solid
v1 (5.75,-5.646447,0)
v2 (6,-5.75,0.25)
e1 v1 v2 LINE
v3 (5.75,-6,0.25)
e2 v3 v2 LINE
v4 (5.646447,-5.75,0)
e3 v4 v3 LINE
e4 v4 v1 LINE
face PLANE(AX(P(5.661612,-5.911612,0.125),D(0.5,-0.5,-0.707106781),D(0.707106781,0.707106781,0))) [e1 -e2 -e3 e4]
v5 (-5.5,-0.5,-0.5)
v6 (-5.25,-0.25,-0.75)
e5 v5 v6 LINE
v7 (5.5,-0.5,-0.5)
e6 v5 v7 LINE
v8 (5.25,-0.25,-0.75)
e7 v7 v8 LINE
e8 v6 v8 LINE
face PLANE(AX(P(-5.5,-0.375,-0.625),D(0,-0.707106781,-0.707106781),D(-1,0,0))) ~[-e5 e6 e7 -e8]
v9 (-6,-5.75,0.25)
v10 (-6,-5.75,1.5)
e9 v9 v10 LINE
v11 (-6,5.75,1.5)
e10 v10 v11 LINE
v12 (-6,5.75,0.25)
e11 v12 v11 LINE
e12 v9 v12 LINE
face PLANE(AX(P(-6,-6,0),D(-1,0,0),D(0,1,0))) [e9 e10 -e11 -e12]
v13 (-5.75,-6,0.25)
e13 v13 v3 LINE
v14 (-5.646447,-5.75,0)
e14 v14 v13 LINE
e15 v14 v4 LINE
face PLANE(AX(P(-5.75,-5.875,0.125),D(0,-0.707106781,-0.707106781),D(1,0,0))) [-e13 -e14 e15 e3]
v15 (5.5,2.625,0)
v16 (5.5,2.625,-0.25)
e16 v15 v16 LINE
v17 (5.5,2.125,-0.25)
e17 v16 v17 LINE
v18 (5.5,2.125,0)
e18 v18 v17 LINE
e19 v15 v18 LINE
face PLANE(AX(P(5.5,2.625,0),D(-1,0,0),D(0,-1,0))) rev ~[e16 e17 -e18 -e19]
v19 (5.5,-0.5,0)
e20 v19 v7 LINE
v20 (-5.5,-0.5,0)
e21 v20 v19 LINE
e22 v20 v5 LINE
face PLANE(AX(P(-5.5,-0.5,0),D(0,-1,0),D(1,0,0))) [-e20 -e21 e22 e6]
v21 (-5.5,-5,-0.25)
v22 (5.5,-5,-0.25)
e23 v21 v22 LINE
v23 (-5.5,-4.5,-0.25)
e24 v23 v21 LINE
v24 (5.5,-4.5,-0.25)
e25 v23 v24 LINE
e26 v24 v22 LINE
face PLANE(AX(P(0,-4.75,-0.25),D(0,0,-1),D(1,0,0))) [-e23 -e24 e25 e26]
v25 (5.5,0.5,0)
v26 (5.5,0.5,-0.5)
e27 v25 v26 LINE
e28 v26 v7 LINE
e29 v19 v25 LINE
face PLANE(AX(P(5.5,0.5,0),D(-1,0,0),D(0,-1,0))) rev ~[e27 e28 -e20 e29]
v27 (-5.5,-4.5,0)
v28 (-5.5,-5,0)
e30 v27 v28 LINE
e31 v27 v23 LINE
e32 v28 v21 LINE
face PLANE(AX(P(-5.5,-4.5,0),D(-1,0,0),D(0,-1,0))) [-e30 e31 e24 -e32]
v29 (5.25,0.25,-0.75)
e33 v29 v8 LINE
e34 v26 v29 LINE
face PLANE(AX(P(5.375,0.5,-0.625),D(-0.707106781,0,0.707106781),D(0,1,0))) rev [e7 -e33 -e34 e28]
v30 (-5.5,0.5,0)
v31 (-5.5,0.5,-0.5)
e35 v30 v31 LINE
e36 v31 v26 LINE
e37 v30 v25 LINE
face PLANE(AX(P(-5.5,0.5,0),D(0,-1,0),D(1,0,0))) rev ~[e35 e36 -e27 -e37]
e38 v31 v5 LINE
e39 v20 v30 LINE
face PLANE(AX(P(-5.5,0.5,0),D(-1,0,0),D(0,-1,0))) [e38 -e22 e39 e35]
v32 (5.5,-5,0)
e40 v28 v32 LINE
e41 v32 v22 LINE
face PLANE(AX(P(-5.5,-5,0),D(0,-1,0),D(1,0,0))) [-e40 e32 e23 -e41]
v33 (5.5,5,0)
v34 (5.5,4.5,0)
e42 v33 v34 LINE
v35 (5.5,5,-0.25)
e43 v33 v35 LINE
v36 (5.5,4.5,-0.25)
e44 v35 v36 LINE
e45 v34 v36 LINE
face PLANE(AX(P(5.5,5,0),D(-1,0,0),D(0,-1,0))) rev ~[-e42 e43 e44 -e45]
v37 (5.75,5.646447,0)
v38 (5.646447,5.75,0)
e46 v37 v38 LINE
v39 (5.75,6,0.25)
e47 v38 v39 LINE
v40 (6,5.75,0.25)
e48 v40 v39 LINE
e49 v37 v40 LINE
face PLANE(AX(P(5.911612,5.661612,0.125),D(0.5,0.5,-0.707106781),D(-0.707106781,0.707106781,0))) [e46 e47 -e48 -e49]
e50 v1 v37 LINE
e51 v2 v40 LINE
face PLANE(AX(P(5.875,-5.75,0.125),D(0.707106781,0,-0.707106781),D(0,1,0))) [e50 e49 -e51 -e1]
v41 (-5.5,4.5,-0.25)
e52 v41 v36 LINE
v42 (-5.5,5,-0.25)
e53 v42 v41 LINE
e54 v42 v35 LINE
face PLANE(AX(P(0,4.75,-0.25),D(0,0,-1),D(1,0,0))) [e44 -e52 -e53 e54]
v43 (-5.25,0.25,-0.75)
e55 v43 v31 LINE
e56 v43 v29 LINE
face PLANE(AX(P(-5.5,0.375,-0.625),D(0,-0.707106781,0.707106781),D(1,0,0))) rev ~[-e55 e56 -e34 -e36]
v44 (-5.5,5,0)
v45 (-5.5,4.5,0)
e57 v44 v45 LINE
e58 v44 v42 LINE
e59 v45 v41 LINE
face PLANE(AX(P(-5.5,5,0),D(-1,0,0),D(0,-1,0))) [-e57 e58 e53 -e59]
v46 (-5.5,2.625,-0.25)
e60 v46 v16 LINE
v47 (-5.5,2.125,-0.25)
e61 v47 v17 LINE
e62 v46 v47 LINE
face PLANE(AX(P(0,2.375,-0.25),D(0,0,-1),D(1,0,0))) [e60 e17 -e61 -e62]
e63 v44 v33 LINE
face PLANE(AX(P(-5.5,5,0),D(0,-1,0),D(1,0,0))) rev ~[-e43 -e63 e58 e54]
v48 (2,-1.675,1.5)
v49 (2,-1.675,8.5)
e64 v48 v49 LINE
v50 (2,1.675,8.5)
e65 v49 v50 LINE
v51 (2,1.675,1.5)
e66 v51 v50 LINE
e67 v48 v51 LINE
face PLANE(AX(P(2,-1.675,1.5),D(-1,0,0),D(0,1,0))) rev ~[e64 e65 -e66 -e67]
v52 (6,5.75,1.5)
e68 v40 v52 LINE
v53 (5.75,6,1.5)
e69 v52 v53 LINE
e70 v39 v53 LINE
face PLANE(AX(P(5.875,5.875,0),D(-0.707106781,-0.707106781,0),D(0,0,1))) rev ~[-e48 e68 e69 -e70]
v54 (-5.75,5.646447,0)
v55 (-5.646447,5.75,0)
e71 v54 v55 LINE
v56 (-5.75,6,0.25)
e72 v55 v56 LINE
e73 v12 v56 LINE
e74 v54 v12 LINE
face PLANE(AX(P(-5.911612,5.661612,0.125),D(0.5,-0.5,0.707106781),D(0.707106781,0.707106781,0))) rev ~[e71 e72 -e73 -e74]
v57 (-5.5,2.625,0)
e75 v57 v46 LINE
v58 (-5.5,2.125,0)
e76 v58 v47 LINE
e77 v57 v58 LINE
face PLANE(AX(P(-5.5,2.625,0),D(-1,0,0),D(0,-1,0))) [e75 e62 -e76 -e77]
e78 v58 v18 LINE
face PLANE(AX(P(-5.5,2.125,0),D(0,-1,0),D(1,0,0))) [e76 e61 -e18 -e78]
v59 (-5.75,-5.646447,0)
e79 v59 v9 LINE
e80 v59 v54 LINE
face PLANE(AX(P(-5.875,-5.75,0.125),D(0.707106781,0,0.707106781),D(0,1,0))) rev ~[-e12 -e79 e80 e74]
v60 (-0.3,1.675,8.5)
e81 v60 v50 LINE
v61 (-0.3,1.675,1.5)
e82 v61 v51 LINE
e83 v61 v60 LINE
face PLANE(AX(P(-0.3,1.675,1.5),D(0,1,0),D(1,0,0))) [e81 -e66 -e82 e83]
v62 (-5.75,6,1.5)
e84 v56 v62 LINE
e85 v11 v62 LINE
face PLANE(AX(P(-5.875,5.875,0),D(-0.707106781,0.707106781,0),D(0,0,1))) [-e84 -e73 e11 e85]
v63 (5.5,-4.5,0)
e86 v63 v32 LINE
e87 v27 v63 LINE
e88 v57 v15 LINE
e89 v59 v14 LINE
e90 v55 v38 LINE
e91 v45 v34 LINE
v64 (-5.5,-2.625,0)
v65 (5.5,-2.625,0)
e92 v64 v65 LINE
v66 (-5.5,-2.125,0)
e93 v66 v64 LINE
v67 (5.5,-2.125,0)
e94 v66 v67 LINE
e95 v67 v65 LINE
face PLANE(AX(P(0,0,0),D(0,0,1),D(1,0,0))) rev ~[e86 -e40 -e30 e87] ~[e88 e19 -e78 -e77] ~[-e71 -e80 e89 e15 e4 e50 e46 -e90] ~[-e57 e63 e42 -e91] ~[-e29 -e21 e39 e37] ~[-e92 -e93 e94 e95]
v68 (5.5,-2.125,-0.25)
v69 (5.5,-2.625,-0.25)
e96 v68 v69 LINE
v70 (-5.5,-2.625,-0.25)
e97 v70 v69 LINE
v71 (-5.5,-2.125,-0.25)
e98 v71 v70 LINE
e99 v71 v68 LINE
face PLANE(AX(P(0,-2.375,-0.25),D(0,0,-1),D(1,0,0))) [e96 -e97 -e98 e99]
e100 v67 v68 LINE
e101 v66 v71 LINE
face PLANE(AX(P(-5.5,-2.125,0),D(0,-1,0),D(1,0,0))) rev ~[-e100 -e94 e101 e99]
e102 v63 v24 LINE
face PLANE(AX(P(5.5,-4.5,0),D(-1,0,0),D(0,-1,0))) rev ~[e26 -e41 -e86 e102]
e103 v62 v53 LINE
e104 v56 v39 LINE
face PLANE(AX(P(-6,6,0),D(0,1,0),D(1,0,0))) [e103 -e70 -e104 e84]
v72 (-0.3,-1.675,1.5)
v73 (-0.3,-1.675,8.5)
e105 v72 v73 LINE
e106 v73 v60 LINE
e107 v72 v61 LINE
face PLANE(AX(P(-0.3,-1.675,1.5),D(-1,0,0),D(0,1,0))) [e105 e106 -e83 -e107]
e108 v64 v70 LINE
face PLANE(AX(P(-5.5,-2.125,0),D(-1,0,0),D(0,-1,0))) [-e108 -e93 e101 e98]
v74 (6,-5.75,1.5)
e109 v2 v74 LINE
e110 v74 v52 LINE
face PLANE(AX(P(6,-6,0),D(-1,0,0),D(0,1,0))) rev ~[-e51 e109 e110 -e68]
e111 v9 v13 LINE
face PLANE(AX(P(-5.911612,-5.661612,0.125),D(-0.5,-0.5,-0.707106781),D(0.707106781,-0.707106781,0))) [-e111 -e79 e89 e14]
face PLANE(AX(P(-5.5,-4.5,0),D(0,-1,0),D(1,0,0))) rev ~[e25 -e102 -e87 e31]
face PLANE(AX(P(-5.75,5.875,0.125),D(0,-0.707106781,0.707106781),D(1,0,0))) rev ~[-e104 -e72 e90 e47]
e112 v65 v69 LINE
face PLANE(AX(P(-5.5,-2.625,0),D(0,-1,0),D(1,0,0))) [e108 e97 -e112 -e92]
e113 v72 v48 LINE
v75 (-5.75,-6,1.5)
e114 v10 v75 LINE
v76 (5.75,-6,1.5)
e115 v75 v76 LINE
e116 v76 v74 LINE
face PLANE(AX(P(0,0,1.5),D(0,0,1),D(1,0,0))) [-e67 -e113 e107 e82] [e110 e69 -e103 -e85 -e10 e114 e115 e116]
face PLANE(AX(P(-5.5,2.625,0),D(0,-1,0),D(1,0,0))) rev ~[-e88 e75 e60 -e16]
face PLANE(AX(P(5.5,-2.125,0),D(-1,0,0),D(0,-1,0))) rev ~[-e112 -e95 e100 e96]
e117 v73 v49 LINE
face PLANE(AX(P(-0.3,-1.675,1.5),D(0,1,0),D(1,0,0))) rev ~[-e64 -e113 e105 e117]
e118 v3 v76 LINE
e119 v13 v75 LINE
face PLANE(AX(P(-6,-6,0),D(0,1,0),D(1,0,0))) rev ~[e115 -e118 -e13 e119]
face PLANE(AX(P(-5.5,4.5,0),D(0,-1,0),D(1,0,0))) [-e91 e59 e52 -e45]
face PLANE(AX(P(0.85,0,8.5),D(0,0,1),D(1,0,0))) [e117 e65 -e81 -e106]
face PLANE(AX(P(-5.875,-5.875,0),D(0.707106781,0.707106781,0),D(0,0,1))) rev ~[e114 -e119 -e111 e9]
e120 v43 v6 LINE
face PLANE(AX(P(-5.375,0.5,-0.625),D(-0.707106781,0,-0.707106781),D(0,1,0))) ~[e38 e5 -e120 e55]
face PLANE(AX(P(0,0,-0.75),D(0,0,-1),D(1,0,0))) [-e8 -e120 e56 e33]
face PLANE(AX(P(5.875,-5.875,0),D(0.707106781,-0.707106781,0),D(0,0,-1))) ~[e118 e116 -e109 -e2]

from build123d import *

# Parameters (mm, degrees)
SKETCH_W            = 12
SKETCH_H            = 12
PAD_DEPTH           = 1.5
SKETCH001_W         = 2.3
SKETCH001_H         = 3.35
PAD001_DEPTH        = 7
SKETCH002_W         = 11
SKETCH002_H         = 0.5
PAD002_DEPTH        = 0.25
LINEARPATTERN_COUNT = 5
LINEARPATTERN_PITCH = 2.375
SKETCH003_W         = 11
SKETCH003_H         = 1
PAD003_DEPTH        = 0.75
CHAMFER_SIZE        = 0.25
CHAMFER001_SIZE     = 0.25
CHAMFER002_SIZE     = 0.25


with BuildPart() as part:
    # Sketch → Pad (new body)
    with BuildSketch(Plane.XY):
        Rectangle(SKETCH_W, SKETCH_H)
    extrude(amount=PAD_DEPTH)

    # Sketch001 → Pad001 (join)
    with BuildSketch(Plane.XY.offset(1.5)):
        with Locations((0.85, 0)):
            Rectangle(SKETCH001_W, SKETCH001_H)
    extrude(amount=PAD001_DEPTH)

    # Sketch002 (on DatumPlane) → Pad002 (join)
    with BuildSketch(Plane(origin=(0, 0, 0), x_dir=(1, 0, 0), z_dir=(0, 0, -1))):
        with Locations((0, 4.75)):
            Rectangle(SKETCH002_W, SKETCH002_H)
    pad002 = extrude(amount=PAD002_DEPTH)

    # LinearPattern: Pad002 ×5
    with Locations(*[(0, i * LINEARPATTERN_PITCH, 0) for i in range(1, LINEARPATTERN_COUNT)]):
        add(pad002)

    # Sketch003 (on DatumPlane) → Pad003 (join)
    with BuildSketch(Plane(origin=(0, 0, 0), x_dir=(1, 0, 0), z_dir=(0, 0, -1))):
        Rectangle(SKETCH003_W, SKETCH003_H)
    extrude(amount=PAD003_DEPTH)

    # Chamfer
    chamfer_edges = [part.edges().sort_by_distance(p)[0] for p in [
        (5.5, 0, -0.75),
        (0, 0.5, -0.75),
        (0, -0.5, -0.75),
        (-5.5, 0, -0.75),
    ]]
    chamfer(chamfer_edges, length=CHAMFER_SIZE)

    # Chamfer001
    chamfer001_edges = [part.edges().sort_by_distance(p)[0] for p in [
        (6, -6, 0.75),
        (-6, -6, 0.75),
        (-6, 6, 0.75),
        (6, 6, 0.75),
    ]]
    chamfer(chamfer001_edges, length=CHAMFER001_SIZE)

    # Chamfer002
    chamfer002_edges = [part.edges().sort_by_distance(p)[0] for p in [
        (0, -6, 0),
        (6, 0, 0),
        (5.875, -5.875, 0),
        (-5.875, -5.875, 0),
        (-6, 0, 0),
        (0, 6, 0),
        (-5.875, 5.875, 0),
        (5.875, 5.875, 0),
    ]]
    chamfer(chamfer002_edges, length=CHAMFER002_SIZE)


solid = part.part
